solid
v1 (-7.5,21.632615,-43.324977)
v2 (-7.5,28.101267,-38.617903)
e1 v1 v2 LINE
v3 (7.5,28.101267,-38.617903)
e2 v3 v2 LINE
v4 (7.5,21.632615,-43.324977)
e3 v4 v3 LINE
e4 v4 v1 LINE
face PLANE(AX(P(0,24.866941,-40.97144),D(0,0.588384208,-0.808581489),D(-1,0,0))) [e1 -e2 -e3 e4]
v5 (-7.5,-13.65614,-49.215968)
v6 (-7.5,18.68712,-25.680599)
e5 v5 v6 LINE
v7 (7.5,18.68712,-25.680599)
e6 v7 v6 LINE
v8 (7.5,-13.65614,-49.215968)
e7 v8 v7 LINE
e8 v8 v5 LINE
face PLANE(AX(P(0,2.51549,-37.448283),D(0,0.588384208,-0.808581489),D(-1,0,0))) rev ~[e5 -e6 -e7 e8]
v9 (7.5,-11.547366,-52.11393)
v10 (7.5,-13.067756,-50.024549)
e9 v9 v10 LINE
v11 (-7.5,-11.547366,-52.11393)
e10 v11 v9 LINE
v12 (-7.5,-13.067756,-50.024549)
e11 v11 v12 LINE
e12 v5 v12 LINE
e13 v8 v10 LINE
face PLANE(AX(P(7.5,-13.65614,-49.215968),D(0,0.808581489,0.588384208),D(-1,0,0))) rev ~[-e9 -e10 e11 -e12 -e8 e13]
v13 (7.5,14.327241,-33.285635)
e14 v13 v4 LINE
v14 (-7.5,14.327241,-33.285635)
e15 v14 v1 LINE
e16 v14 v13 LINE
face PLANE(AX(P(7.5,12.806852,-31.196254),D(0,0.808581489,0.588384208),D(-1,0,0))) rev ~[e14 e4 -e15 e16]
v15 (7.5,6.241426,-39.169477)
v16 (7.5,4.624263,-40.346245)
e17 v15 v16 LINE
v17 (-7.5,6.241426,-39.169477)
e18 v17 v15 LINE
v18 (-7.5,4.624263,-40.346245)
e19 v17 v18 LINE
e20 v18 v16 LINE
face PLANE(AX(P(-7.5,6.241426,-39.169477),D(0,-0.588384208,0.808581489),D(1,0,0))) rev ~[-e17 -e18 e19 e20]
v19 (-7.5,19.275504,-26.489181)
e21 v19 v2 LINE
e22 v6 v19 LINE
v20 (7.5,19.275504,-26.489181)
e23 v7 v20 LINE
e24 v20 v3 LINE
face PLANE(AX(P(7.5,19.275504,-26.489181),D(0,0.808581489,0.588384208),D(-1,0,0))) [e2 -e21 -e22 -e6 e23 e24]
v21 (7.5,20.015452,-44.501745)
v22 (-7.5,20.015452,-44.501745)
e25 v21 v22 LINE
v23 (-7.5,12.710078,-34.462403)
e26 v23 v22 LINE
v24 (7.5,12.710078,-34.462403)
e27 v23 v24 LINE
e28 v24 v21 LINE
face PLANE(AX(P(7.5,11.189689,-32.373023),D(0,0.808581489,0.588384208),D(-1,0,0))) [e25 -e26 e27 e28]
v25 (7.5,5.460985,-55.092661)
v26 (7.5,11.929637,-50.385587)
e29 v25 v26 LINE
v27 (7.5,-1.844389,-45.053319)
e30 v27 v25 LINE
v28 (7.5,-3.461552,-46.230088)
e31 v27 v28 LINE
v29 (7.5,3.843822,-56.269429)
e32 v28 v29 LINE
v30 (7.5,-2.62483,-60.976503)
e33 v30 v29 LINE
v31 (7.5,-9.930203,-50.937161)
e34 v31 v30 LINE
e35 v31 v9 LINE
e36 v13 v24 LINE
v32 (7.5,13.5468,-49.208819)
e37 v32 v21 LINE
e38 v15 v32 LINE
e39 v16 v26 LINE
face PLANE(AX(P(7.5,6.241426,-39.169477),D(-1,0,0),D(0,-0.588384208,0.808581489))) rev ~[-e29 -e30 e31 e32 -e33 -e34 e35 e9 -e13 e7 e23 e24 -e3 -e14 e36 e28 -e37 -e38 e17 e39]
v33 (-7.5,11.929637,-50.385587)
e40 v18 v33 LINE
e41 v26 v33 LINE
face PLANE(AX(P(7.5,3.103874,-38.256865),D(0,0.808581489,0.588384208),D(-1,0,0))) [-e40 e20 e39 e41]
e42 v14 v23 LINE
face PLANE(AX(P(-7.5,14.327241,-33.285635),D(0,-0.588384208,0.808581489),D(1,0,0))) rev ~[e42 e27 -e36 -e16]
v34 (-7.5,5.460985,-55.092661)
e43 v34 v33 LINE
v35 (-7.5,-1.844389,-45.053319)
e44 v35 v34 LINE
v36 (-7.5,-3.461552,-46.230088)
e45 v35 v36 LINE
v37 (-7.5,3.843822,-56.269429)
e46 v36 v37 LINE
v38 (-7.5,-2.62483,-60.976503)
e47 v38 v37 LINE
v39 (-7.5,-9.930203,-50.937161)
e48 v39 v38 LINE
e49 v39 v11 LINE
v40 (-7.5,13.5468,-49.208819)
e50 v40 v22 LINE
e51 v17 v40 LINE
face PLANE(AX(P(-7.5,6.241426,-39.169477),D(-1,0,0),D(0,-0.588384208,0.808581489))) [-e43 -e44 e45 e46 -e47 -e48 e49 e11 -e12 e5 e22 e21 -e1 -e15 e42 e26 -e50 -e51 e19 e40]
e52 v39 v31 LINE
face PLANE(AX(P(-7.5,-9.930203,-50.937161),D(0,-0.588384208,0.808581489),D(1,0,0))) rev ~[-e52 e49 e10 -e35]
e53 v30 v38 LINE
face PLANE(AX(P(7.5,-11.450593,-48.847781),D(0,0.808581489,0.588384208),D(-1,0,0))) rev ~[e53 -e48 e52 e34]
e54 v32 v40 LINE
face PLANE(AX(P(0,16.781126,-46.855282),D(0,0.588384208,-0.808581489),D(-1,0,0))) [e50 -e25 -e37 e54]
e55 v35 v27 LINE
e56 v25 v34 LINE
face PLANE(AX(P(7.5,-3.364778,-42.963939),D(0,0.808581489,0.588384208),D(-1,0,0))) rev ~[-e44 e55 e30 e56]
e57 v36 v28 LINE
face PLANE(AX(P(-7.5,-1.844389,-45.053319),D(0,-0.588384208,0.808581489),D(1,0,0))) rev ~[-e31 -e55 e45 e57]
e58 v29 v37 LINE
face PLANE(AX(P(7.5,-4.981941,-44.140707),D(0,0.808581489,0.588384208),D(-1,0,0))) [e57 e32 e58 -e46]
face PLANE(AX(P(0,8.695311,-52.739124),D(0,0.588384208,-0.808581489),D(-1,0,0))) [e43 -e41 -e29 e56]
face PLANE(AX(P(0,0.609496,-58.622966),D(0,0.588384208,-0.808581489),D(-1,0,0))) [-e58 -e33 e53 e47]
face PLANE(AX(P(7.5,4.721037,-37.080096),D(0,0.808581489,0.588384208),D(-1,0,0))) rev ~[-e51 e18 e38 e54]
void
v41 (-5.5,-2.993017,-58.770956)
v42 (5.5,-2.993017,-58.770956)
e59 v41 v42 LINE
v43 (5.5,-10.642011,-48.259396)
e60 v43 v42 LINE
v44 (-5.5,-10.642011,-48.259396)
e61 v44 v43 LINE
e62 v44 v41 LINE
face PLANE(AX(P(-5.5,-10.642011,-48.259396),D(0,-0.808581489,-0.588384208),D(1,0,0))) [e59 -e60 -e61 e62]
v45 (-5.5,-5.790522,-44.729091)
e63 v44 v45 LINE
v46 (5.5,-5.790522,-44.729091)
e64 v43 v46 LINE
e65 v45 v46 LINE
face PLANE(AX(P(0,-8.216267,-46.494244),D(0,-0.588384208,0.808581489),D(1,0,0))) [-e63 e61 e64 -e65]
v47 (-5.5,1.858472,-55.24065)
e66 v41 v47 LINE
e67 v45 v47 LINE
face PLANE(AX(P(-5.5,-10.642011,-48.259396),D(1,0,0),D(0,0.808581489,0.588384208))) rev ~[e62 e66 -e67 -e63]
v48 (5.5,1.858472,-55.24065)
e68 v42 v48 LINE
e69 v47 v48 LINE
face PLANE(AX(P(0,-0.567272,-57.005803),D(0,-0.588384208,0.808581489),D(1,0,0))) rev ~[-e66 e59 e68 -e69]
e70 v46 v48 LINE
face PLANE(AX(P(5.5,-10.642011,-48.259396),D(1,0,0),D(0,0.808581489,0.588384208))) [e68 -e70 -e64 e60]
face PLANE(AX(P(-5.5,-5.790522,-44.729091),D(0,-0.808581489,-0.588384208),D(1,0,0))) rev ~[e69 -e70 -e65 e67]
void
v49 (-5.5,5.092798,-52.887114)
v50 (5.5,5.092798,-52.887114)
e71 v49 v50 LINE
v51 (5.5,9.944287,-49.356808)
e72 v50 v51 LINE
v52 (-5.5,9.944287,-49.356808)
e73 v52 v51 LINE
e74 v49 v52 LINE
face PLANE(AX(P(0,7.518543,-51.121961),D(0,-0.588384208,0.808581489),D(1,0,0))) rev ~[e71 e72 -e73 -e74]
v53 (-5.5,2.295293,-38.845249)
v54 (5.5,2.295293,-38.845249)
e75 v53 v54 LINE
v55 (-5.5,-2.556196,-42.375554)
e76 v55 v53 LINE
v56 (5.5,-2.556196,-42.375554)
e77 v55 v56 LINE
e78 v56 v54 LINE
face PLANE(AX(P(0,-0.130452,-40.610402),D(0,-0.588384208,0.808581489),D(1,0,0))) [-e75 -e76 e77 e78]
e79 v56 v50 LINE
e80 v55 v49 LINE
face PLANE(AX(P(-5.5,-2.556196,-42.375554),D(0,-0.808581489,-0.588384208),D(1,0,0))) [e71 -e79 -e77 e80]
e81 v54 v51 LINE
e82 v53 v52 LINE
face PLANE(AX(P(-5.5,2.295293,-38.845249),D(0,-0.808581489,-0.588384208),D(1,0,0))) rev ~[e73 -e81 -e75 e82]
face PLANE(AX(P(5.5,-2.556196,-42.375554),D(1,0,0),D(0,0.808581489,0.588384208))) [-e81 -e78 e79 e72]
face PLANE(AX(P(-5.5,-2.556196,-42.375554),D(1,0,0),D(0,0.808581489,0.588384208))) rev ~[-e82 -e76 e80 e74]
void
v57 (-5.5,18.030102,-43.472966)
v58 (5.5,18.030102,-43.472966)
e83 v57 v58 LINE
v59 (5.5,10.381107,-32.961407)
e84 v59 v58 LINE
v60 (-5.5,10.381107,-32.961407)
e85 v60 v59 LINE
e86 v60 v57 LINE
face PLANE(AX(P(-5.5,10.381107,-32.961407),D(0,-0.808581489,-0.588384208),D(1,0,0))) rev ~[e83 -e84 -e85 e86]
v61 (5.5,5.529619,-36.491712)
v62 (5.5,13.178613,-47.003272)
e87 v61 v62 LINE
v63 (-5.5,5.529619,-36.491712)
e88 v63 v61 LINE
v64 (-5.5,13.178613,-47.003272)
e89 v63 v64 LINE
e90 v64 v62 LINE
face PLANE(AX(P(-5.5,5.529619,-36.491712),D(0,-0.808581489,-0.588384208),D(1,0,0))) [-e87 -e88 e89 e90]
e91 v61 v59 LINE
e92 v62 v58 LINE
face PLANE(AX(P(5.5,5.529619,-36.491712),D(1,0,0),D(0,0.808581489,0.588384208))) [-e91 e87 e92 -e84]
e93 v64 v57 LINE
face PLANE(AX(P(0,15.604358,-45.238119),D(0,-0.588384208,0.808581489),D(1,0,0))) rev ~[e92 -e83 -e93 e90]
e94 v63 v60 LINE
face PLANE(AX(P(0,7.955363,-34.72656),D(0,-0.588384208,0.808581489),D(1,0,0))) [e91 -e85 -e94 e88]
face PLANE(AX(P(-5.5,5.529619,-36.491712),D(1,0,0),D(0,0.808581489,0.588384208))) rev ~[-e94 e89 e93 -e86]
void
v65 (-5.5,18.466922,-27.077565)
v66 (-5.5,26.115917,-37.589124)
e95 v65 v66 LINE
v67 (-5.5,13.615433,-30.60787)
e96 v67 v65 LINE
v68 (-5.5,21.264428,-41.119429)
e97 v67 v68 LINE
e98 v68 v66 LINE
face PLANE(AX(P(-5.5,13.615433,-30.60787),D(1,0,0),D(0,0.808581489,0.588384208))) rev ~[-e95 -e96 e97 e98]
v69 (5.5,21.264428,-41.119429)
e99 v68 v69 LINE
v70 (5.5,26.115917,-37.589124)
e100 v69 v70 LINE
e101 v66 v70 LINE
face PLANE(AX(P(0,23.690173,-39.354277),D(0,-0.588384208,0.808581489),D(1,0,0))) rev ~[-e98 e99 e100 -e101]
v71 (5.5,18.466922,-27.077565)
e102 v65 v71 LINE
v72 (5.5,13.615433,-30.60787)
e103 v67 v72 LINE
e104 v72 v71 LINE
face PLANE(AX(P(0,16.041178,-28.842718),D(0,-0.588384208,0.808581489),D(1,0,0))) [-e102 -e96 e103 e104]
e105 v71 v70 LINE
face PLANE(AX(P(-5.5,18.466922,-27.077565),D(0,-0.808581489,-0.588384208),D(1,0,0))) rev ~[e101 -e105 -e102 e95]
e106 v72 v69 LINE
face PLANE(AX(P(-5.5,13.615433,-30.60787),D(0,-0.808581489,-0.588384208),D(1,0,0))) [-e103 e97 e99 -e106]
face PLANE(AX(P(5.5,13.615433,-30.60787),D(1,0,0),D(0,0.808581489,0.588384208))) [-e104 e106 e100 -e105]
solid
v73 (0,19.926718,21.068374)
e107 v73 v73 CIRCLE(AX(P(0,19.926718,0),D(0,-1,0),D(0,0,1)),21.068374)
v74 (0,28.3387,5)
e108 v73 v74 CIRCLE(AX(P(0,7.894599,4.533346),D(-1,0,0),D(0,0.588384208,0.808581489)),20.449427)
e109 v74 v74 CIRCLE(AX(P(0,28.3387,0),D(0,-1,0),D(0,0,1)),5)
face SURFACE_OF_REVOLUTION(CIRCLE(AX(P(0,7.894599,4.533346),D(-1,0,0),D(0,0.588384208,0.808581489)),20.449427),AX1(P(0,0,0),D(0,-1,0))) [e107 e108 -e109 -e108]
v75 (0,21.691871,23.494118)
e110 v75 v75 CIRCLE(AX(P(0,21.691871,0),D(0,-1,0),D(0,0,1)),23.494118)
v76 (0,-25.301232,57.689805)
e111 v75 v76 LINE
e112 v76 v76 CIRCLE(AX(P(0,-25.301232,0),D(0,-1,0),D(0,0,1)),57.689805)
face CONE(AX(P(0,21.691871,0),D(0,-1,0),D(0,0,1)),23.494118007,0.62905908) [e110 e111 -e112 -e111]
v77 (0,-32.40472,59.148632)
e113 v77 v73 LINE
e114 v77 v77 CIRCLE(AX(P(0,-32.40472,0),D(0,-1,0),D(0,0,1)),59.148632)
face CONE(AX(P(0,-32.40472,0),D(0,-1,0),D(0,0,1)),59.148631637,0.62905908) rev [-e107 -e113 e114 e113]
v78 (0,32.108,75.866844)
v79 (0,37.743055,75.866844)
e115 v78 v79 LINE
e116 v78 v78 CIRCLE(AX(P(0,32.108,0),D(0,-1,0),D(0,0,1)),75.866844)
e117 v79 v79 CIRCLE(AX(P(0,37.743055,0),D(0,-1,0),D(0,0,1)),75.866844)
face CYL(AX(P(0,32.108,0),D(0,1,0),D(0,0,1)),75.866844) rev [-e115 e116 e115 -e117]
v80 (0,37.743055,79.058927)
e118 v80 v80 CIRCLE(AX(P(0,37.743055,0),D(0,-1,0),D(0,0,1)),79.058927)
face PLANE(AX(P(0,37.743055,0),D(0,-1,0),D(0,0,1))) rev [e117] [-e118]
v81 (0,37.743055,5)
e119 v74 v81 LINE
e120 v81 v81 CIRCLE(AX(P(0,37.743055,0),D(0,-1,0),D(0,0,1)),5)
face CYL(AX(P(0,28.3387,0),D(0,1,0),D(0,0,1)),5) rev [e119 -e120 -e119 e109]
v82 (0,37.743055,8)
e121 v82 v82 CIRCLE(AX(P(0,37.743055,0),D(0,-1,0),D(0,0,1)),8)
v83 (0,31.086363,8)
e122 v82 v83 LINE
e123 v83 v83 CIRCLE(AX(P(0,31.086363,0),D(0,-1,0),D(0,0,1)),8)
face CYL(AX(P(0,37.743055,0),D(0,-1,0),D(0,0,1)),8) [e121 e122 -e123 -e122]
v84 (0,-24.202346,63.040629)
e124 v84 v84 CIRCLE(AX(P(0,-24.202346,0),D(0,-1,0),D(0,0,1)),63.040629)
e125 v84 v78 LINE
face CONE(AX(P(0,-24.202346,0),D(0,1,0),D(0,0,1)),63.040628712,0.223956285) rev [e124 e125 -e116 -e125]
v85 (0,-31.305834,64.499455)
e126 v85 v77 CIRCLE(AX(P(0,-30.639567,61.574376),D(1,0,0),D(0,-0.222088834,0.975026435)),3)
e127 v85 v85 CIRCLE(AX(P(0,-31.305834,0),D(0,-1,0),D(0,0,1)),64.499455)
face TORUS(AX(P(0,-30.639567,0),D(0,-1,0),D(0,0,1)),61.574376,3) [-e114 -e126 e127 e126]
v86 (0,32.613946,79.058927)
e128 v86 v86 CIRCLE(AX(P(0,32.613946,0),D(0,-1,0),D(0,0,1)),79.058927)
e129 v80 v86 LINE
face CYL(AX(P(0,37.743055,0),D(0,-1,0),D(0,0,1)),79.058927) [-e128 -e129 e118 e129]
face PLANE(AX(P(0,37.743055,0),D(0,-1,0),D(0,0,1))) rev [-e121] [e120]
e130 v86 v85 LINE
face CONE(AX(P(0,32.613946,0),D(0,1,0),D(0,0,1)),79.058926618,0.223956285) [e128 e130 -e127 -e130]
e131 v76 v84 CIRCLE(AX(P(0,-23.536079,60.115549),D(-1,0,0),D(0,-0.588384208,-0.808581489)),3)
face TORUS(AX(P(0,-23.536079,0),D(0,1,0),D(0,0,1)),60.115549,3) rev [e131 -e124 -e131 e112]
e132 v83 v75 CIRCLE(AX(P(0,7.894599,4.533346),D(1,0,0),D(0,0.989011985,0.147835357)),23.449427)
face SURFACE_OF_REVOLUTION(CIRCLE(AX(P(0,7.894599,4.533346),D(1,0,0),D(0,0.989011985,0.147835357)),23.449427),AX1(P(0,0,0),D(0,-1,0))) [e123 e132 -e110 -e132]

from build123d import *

# Parameters (mm, degrees)
SKETCH2_W           = 15
SKETCH2_H           = 40
BOSS_EXTRUDE3_DEPTH = 1
SKETCH3_W           = 15
SKETCH3_H           = 8
BOSS_EXTRUDE4_DEPTH = 15
SKETCH5_W           = 11
SKETCH5_H           = 6
CUT_EXTRUDE1_DEPTH  = 13
SKETCH6_W           = 15
SKETCH6_H           = 2.584007535
BOSS_EXTRUDE5_DEPTH = 2
LPATTERN1_COUNT     = 4
LPATTERN1_PITCH     = 10


with BuildPart() as part:
    # Sketch1 → Revolve7 (revolve)
    with BuildSketch(Plane(origin=(0, 0, 0), x_dir=(0, 0, -1), z_dir=(1, 0, 0))):
        with BuildLine():
            Line((-59.148631637, -32.404719831), (-21.068373541, 19.926718309))
            ThreePointArc((-21.068373541, 19.926718309), (-14.017788653, 26.011562826), (-5, 28.338700093))
            Line((-5, 28.338700093), (-5, 37.743055381))
            Line((-5, 37.743055381), (-8, 37.743055381))
            Line((-8, 37.743055381), (-8, 31.086362651))
            ThreePointArc((-8, 31.086362651), (-16.691120355, 27.946135354), (-23.494118007, 21.691870932))
            Line((-23.494118007, 21.691870932), (-57.689804939, -25.301231657))
            ThreePointArc((-57.689804939, -25.301231657), (-60.719057067, -26.474748545), (-63.040628712, -24.202345535))
            Line((-63.040628712, -24.202345535), (-75.866843914, 32.107999612))
            Line((-75.866843914, 32.107999612), (-75.866843914, 37.743055381))
            Line((-75.866843914, 37.743055381), (-79.058926618, 37.743055381))
            Line((-79.058926618, 37.743055381), (-79.058926618, 32.613945898))
            Line((-79.058926618, 32.613945898), (-64.499455409, -31.305833709))
            ThreePointArc((-64.499455409, -31.305833709), (-62.177883765, -33.578236719), (-59.148631637, -32.404719831))
        make_face()
    revolve(axis=Axis((0, 0, 0), (0, -1, 0)))


with BuildPart() as body_2:
    # Sketch2 → Boss-Extrude3 (new body)
    with BuildSketch(Plane(origin=(0, 18.687119637, -25.680599191), x_dir=(-1, 0, 0), z_dir=(0, 0.5883842079525278, -0.8085814886775955))):
        with Locations((0, -20)):
            Rectangle(SKETCH2_W, SKETCH2_H)
    extrude(amount=BOSS_EXTRUDE3_DEPTH)

    # Sketch3 → Boss-Extrude4 (add)
    with BuildSketch(Plane(origin=(0, 19.275503845, -26.48918068), x_dir=(-1, 0, 0), z_dir=(0, 0.5883842079525254, -0.8085814886775974))):
        with Locations((0, -4)):
            Rectangle(SKETCH3_W, SKETCH3_H)
    boss_extrude4 = extrude(amount=BOSS_EXTRUDE4_DEPTH)

    # Sketch5 → Cut-Extrude1 (cut)
    with BuildSketch(Plane(origin=(0, 19.275503845, -26.48918068), x_dir=(1, 0, 0), z_dir=(0, -0.5883842079525254, 0.8085814886775974))):
        with Locations((0, -4)):
            Rectangle(SKETCH5_W, SKETCH5_H)
    cut_extrude1 = extrude(amount=-CUT_EXTRUDE1_DEPTH, mode=Mode.SUBTRACT)

    # Sketch6 → Boss-Extrude5 (add)
    with BuildSketch(Plane(origin=(0, -6.468651909, -4.707073664), x_dir=(1, 0, 0), z_dir=(0, -0.8085814886775974, -0.5883842079525254))):
        with Locations((0, -34.052066979)):
            Rectangle(SKETCH6_W, SKETCH6_H)
    boss_extrude5 = extrude(amount=BOSS_EXTRUDE5_DEPTH)

    # LPattern1: Boss-Extrude4, Cut-Extrude1, Boss-Extrude5 ×4
    with Locations(*[Vector(0, -0.8085814886775973, -0.5883842079525254) * (i * LPATTERN1_PITCH) for i in range(1, LPATTERN1_COUNT)]):
        add(boss_extrude4)
        add(cut_extrude1, mode=Mode.SUBTRACT)
        add(boss_extrude5)


solid = Compound([part.part, body_2.part])
